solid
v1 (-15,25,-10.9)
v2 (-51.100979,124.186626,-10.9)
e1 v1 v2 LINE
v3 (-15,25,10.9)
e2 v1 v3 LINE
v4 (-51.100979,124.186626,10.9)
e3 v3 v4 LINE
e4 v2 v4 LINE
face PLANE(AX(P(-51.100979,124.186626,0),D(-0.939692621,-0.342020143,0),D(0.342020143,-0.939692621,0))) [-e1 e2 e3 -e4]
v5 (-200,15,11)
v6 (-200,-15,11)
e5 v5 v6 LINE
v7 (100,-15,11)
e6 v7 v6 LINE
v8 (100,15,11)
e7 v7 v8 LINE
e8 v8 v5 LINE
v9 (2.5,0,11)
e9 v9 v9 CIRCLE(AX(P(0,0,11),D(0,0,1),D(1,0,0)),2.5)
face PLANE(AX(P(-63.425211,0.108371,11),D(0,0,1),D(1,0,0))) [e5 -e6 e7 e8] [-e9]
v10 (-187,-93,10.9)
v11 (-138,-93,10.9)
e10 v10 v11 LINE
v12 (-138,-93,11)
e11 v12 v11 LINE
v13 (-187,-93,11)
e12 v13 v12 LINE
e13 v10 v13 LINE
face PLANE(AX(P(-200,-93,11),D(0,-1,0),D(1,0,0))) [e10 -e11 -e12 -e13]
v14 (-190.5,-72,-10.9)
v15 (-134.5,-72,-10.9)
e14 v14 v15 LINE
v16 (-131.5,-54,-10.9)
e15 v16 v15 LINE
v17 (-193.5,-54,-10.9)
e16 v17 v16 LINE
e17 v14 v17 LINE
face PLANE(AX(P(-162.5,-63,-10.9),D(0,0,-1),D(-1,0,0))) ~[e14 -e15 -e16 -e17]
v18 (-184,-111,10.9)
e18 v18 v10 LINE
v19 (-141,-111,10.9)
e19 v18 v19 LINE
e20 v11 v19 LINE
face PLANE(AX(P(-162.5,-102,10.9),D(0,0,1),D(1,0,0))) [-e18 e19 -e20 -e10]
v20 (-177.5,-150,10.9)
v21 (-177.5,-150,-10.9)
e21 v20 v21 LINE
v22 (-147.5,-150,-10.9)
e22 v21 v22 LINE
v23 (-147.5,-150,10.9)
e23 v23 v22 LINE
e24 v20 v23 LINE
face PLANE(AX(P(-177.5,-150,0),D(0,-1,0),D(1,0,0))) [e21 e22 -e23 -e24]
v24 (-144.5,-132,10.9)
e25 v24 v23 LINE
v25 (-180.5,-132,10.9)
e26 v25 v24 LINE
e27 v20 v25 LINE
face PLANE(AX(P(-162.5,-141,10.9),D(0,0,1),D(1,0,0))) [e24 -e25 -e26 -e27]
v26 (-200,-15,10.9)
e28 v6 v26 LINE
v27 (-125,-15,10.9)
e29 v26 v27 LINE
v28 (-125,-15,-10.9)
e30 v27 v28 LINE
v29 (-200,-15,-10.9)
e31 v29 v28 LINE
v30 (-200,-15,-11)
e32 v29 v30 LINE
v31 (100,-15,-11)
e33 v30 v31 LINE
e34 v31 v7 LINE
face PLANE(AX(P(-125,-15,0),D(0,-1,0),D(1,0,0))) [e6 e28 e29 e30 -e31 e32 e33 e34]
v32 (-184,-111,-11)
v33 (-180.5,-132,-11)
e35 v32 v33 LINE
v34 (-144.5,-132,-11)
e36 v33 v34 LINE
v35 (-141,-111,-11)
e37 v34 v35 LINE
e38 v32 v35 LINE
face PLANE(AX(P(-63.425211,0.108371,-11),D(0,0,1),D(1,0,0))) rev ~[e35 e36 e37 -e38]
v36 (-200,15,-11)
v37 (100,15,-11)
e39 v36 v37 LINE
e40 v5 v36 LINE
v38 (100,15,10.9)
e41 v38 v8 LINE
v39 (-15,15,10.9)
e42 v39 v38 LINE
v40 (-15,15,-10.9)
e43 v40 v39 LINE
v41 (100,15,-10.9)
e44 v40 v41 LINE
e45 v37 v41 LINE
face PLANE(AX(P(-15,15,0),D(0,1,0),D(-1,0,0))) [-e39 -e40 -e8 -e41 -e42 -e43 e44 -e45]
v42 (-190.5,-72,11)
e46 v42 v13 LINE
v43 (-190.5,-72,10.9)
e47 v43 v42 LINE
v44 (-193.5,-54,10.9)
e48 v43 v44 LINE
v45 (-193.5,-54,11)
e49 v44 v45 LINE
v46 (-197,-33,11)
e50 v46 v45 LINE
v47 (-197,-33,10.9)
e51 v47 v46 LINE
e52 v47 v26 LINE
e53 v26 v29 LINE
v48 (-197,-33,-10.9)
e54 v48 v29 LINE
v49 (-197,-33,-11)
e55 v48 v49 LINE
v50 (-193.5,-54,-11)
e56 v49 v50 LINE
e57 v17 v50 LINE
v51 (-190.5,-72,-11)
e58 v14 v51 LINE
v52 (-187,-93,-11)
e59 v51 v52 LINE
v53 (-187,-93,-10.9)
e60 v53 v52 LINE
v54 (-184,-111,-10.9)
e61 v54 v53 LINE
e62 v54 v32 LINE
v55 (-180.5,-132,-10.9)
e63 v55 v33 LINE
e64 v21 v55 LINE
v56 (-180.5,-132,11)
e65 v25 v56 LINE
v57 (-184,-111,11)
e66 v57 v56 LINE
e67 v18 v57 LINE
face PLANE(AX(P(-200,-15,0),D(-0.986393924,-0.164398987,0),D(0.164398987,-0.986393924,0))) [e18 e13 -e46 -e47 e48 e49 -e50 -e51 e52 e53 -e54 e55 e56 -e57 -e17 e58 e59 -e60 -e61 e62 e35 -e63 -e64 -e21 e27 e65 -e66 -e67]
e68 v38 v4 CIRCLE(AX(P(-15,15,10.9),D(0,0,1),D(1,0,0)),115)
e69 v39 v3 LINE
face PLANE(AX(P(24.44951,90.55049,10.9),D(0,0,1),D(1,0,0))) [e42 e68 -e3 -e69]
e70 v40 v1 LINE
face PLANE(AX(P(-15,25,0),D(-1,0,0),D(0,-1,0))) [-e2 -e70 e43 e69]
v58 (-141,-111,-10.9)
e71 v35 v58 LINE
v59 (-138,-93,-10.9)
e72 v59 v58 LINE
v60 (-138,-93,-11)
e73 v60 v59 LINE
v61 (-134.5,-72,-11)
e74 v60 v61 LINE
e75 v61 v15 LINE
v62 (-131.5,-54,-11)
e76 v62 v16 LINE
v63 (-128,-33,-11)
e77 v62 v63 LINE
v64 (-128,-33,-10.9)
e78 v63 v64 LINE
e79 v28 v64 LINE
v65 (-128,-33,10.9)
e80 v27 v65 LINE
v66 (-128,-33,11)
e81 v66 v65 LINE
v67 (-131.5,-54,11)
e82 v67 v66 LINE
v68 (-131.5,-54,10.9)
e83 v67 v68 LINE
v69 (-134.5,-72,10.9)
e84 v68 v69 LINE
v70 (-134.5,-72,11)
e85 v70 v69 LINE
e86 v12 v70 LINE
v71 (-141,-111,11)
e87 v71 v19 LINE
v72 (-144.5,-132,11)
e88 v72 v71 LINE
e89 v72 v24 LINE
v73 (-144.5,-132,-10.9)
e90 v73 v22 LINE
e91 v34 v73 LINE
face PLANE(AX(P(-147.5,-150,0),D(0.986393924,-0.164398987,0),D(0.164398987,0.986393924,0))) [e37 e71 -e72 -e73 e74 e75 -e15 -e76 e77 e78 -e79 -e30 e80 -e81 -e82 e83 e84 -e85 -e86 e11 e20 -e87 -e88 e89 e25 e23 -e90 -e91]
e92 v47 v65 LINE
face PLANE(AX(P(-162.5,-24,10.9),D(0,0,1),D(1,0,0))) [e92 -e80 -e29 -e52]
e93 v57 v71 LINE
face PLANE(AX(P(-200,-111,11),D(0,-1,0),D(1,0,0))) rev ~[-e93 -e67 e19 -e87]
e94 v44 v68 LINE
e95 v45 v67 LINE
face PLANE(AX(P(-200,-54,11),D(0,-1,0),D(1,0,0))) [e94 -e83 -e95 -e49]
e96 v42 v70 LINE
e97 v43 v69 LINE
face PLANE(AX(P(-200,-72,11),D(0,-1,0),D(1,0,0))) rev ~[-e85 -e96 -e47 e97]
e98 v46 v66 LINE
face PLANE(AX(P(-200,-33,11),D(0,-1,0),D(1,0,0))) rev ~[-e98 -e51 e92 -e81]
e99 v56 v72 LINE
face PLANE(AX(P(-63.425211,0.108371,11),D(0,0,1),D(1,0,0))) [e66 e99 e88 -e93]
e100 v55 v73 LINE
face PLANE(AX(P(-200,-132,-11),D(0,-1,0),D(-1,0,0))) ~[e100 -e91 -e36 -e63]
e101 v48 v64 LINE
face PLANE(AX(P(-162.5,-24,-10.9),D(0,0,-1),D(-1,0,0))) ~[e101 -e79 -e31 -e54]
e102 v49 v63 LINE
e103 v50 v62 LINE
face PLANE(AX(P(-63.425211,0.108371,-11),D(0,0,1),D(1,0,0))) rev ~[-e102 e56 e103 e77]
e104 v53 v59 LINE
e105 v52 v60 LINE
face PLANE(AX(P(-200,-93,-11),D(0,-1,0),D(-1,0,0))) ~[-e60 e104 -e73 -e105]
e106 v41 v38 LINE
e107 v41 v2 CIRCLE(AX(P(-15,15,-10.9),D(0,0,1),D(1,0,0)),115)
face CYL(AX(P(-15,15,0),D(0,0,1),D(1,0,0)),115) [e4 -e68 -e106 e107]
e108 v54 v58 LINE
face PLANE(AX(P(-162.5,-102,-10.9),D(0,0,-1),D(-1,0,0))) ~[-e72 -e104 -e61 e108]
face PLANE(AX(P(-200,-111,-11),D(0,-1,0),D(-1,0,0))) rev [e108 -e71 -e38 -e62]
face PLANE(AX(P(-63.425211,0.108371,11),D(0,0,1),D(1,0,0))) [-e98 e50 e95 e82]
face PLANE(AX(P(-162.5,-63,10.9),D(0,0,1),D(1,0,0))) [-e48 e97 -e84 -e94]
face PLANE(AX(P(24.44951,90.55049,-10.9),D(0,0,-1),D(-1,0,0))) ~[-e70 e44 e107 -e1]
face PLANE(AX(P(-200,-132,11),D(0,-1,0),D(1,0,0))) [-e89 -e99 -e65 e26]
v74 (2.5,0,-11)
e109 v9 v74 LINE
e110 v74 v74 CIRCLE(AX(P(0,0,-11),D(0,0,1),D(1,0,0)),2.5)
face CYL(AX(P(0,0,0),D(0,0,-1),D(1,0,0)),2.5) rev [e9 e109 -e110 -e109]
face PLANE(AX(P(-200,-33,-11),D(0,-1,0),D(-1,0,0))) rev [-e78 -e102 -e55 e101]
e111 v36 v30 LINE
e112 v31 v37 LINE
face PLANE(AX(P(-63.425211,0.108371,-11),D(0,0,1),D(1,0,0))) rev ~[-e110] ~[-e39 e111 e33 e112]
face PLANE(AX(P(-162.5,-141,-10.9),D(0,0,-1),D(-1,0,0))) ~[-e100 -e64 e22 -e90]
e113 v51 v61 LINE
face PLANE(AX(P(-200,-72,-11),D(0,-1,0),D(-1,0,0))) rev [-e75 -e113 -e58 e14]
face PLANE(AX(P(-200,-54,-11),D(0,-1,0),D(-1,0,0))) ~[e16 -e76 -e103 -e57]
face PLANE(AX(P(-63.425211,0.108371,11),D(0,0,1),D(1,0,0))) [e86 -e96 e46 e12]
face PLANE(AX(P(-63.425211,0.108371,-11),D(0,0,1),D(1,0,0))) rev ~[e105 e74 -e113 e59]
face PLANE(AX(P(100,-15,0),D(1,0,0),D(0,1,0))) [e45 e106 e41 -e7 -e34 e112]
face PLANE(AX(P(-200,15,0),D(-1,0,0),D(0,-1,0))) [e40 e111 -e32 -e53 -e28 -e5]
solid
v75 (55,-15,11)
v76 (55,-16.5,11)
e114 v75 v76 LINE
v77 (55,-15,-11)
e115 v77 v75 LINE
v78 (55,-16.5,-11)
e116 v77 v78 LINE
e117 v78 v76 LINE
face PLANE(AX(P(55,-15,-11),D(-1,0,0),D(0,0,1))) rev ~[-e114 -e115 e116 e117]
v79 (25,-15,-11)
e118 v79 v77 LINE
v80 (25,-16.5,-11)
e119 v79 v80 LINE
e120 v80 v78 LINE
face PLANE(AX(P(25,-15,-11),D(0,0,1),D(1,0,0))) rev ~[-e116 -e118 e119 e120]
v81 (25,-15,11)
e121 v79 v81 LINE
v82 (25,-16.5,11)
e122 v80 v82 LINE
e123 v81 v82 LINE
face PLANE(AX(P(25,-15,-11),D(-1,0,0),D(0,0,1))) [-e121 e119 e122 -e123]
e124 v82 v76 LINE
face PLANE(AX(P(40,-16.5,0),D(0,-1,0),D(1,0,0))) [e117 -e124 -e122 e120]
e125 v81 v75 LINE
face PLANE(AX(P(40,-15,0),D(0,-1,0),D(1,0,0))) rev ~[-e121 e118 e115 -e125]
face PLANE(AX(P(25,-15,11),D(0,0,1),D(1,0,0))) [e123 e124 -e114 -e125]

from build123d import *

# Parameters (mm, degrees)
ESQUISSE1_R             = 2.5
BOSS_EXTRU_1_DEPTH      = 11
ESQUISSE2_W             = 151.100979474
ESQUISSE2_H             = 151.100979474
ESQUISSE2_W_2           = 75
ESQUISSE2_H_2           = 18
ENL_V_MAT_EXTRU_1_DEPTH = 0.1
ESQUISSE3_W             = 30
ESQUISSE3_H             = 22
BOSS_EXTRU_2_DEPTH      = 1.5


with BuildPart() as part:
    # Esquisse1 → Boss.-Extru.1 (new, symmetric)
    with BuildSketch(Plane.XY):
        with BuildLine():
            Line((-125, -15), (100, -15))
            Line((100, -15), (100, 15))
            ThreePointArc((100, 15), (52.354982594, 108.211084747), (-51.100979474, 124.186625926))
            Line((-51.100979474, 124.186625926), (-15, 25))
            Line((-15, 25), (-15, 15))
            Line((-15, 15), (-200, 15))
            Line((-200, 15), (-200, -15))
            Line((-200, -15), (-177.5, -150))
            Line((-177.5, -150), (-147.5, -150))
            Line((-147.5, -150), (-125, -15))
        make_face()
        Circle(ESQUISSE1_R, mode=Mode.SUBTRACT)
    extrude(amount=BOSS_EXTRU_1_DEPTH, both=True)

    # Esquisse2 → Enlèv. mat.-Extru.1 (cut)
    with BuildSketch(Plane.XY.offset(11)):
        with Locations((24.449510263, 90.550489737)):
            Rectangle(ESQUISSE2_W, ESQUISSE2_H)
        with Locations((-162.5, -24)):
            Rectangle(ESQUISSE2_W_2, ESQUISSE2_H_2)
        with Locations((-162.5, -63)):
            Rectangle(ESQUISSE2_W_2, ESQUISSE2_H_2)
        with Locations((-162.5, -102)):
            Rectangle(ESQUISSE2_W_2, ESQUISSE2_H_2)
        with Locations((-162.5, -141)):
            Rectangle(ESQUISSE2_W_2, ESQUISSE2_H_2)
    enl_v_mat_extru_1 = extrude(amount=-ENL_V_MAT_EXTRU_1_DEPTH, mode=Mode.SUBTRACT)

    # Symétrie1: Enlèv. mat.-Extru.1 across plane
    add(enl_v_mat_extru_1.mirror(Plane.XY), mode=Mode.SUBTRACT)


with BuildPart() as body_2:
    # Esquisse3 → Boss.-Extru.2 (new body)
    with BuildSketch(Plane.XZ.offset(15)):
        with Locations((40, 0)):
            Rectangle(ESQUISSE3_W, ESQUISSE3_H)
    extrude(amount=BOSS_EXTRU_2_DEPTH)


solid = Compound([part.part, body_2.part])
